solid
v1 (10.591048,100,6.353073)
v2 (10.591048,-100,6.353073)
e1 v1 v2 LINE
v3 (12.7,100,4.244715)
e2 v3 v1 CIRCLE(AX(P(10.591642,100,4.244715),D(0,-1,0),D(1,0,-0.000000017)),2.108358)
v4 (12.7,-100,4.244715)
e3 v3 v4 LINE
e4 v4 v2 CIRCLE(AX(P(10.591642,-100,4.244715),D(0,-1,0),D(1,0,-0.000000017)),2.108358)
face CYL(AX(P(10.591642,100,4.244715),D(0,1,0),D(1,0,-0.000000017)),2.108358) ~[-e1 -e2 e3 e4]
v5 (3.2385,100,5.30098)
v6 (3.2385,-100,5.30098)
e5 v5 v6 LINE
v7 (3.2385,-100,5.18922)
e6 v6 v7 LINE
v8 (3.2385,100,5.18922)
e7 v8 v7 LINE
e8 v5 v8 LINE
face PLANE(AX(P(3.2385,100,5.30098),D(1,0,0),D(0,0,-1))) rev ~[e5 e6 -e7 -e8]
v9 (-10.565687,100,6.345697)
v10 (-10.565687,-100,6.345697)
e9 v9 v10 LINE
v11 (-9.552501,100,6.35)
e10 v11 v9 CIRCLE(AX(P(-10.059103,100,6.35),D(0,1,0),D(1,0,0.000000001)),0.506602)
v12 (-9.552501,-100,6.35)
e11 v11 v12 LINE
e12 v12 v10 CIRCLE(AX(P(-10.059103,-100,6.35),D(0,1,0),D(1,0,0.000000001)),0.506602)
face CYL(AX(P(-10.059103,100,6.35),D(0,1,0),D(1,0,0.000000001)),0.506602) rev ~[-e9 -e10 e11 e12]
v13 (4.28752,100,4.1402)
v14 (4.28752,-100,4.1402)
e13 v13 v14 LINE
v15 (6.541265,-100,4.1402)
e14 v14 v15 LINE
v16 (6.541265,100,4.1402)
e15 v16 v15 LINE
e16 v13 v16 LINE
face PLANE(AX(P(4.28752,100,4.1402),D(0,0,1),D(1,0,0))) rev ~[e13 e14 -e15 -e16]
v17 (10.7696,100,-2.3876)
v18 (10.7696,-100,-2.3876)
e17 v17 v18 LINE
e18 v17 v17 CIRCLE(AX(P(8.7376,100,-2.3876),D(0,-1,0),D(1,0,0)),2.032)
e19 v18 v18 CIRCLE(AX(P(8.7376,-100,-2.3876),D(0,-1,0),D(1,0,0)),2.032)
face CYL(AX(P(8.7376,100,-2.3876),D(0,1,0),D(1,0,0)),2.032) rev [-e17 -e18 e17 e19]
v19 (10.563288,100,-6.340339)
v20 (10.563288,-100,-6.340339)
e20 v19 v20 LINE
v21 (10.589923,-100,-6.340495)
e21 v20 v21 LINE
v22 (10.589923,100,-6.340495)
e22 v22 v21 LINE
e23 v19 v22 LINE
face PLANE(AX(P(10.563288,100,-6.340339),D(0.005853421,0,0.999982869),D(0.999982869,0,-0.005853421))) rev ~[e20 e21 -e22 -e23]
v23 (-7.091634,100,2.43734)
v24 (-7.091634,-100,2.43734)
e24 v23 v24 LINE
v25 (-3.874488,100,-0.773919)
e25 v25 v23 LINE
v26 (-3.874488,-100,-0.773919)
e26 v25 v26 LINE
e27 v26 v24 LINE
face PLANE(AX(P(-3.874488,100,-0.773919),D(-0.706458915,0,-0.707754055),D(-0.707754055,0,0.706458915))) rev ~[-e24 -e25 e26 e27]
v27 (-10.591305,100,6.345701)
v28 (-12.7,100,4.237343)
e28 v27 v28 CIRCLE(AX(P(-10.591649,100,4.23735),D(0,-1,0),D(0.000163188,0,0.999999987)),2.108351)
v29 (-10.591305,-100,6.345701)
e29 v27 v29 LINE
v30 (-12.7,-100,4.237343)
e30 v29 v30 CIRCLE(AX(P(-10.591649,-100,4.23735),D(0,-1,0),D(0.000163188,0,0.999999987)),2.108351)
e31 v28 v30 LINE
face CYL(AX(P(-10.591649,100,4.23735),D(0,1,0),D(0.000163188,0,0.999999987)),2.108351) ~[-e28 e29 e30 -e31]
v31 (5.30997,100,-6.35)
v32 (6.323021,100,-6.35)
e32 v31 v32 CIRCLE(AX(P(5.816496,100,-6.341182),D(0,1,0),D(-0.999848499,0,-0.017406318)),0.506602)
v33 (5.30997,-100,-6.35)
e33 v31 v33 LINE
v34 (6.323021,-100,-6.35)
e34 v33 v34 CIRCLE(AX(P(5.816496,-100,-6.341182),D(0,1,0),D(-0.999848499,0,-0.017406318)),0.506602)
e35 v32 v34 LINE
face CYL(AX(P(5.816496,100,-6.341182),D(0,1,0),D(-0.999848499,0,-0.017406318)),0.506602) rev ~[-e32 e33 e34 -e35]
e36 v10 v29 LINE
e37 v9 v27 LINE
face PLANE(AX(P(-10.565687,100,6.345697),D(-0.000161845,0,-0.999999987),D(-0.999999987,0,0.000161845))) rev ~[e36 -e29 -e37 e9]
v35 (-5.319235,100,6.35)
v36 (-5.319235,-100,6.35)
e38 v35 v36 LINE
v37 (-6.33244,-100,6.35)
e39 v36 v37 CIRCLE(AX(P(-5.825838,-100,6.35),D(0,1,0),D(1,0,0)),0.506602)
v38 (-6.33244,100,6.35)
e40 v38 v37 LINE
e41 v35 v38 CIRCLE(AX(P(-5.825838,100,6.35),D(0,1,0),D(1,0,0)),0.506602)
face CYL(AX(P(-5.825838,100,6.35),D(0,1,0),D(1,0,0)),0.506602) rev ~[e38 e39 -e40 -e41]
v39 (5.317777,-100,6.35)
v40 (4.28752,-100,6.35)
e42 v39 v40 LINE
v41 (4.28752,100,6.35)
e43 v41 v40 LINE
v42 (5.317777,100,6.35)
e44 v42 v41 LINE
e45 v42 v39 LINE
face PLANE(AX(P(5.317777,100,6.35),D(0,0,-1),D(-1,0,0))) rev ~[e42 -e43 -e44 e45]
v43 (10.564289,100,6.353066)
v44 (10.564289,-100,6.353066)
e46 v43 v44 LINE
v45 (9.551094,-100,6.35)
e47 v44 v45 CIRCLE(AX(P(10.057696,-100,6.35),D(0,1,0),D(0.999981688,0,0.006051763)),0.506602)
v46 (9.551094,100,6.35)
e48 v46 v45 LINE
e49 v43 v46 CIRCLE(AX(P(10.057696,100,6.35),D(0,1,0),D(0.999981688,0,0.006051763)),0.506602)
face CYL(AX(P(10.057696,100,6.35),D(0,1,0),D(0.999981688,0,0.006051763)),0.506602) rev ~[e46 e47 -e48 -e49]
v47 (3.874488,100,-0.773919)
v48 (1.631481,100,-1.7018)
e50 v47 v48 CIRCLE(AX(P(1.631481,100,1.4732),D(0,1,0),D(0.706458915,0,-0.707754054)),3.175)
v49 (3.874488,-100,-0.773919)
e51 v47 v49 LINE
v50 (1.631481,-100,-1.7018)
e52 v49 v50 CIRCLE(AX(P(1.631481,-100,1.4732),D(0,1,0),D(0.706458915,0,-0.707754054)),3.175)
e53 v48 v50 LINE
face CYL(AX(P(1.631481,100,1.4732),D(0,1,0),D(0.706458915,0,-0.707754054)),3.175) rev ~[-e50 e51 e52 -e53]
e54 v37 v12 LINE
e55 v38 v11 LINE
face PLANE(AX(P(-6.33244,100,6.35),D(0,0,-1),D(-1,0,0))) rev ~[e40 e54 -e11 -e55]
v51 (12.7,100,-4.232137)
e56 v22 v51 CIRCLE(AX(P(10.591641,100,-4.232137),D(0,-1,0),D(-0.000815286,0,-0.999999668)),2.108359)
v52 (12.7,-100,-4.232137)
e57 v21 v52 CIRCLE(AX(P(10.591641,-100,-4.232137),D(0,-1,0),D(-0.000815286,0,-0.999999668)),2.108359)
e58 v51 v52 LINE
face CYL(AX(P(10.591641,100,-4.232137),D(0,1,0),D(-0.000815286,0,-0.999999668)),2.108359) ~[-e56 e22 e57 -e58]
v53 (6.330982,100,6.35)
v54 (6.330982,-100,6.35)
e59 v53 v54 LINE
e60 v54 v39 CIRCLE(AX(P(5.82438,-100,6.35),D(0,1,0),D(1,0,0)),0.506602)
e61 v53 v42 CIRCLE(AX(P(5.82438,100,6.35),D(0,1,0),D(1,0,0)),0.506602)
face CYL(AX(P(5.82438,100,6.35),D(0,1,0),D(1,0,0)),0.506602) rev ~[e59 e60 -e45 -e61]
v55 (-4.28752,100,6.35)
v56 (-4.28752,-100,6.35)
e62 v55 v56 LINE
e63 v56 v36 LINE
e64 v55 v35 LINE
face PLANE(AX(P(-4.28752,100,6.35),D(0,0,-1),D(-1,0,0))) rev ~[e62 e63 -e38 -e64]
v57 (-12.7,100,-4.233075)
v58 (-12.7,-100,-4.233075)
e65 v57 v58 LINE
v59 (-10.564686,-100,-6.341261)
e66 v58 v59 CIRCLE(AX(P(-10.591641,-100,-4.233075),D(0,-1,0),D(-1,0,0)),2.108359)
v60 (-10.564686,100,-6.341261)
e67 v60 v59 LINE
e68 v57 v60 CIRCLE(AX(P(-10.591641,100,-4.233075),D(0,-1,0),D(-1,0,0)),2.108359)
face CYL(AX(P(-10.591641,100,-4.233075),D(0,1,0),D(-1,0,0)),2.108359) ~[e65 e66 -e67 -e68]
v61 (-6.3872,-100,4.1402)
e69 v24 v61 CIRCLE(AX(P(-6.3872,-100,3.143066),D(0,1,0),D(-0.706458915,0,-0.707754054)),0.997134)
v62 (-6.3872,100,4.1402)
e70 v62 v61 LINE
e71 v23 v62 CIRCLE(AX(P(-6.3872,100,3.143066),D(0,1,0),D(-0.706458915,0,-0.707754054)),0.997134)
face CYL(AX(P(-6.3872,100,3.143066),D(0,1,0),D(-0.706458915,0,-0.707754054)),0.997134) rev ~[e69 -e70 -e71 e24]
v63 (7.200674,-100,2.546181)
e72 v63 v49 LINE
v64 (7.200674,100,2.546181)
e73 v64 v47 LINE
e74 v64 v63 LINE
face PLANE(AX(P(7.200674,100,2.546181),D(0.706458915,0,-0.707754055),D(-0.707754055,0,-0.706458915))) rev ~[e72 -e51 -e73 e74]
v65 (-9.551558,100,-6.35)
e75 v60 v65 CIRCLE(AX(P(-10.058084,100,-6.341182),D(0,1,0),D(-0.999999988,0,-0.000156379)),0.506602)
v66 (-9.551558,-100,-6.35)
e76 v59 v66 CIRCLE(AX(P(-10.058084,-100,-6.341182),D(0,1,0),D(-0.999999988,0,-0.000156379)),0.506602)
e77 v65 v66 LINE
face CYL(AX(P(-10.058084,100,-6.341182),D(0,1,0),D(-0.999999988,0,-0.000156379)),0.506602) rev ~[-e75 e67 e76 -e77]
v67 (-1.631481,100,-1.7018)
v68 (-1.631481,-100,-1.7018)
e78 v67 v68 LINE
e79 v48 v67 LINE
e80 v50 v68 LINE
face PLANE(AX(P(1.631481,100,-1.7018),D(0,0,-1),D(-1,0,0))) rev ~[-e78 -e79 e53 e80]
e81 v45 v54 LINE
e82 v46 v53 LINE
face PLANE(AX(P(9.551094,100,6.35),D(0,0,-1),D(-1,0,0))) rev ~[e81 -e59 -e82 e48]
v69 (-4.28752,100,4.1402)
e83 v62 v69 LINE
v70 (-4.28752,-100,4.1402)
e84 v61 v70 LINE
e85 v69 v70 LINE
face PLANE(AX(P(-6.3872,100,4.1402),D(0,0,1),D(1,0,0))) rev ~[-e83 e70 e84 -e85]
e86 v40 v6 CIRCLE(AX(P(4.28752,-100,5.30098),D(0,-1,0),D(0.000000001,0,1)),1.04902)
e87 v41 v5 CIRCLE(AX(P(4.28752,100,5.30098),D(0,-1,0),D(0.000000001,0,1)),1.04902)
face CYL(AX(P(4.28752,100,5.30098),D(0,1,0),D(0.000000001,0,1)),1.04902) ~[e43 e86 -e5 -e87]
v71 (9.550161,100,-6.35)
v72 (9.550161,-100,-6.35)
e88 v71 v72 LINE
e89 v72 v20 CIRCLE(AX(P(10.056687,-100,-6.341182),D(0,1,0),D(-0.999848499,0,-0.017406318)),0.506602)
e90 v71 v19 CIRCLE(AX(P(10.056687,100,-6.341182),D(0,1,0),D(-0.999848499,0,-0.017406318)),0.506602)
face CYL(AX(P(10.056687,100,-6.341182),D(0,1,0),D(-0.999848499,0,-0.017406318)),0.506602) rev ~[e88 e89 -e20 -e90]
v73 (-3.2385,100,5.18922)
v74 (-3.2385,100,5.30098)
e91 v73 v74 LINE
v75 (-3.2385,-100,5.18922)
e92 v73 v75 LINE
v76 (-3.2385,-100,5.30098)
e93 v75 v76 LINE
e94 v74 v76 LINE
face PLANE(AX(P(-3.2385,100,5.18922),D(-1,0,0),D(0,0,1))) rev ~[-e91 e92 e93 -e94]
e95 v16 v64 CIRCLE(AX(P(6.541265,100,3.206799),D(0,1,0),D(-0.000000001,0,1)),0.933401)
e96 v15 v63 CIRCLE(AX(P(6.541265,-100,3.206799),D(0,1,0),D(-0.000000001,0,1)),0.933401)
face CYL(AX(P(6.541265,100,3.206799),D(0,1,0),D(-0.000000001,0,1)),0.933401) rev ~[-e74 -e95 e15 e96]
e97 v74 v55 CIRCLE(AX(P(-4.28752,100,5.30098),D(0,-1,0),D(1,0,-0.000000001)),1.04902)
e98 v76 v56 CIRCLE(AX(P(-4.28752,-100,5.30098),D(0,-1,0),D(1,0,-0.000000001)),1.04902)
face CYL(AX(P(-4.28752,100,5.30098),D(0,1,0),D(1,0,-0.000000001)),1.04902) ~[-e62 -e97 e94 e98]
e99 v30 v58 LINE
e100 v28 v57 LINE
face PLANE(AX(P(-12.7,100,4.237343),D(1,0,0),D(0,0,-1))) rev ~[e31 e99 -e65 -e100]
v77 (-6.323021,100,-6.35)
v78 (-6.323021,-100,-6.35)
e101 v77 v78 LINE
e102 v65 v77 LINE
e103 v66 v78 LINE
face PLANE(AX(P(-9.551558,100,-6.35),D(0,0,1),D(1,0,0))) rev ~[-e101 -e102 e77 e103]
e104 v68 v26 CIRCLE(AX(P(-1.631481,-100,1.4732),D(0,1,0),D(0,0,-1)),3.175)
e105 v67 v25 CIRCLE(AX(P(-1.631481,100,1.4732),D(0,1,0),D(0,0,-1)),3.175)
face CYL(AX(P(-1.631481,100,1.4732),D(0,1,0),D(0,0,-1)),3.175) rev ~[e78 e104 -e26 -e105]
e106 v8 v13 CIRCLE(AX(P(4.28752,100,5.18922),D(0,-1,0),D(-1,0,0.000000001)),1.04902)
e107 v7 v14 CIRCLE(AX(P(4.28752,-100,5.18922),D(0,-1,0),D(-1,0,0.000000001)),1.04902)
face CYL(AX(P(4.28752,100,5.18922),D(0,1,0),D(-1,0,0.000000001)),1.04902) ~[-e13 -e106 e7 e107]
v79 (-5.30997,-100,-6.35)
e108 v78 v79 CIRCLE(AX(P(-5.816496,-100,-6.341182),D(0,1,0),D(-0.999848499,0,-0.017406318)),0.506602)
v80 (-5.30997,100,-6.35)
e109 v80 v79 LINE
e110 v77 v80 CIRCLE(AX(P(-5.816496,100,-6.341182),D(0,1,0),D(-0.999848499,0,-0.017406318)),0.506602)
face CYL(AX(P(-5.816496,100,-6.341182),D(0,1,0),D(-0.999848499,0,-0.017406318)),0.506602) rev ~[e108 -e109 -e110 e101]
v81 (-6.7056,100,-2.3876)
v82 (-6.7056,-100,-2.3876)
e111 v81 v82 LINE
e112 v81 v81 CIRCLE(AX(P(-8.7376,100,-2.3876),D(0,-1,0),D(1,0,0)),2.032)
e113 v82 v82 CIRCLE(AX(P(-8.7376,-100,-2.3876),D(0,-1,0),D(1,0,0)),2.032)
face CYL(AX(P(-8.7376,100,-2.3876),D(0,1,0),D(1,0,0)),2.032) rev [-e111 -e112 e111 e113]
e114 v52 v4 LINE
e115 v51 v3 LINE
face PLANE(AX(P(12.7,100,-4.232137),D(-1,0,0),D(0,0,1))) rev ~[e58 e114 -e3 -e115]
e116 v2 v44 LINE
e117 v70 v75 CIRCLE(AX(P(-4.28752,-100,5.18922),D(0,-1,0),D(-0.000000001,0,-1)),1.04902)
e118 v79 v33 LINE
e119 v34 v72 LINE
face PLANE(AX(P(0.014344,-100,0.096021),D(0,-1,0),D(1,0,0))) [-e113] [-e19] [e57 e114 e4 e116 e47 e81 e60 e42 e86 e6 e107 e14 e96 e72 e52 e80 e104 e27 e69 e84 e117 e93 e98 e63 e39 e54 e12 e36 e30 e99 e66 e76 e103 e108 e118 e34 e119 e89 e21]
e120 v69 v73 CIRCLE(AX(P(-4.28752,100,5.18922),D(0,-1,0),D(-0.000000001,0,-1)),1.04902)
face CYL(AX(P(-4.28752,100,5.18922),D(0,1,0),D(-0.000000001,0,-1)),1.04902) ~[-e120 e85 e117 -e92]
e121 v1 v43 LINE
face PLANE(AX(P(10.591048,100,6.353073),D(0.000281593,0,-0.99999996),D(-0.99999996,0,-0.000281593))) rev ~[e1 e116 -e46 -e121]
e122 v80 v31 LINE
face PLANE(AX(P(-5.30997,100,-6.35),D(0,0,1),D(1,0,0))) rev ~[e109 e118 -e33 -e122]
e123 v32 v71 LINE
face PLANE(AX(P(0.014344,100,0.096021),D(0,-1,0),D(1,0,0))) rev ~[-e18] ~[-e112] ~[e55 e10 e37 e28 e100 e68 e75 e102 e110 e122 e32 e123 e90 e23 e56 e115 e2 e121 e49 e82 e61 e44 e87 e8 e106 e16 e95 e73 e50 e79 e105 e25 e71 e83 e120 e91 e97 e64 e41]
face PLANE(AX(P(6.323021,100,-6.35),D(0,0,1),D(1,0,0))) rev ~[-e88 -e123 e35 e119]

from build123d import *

# Parameters (mm, degrees)
SKETCH18_R                = 2.032
F_10_1050_PROFILE_1_DEPTH = 200


with BuildPart() as part:
    # Sketch18 → 10 1050 PROFILE(1) (new body)
    with BuildSketch(Plane.XZ.offset(-100)):
        with BuildLine():
            Line((9.551093887, 6.35), (6.330982008, 6.35))
            ThreePointArc((6.330982008, 6.35), (5.824379679, 5.843397671), (5.31777735, 6.35))
            Line((5.31777735, 6.35), (4.28752, 6.35))
            ThreePointArc((4.28752, 6.35), (3.545750844, 6.042749156), (3.2385, 5.30098))
            Line((3.2385, 5.30098), (3.2385, 5.18922))
            ThreePointArc((3.2385, 5.18922), (3.545750844, 4.447450844), (4.28752, 4.1402))
            Line((4.28752, 4.1402), (6.541264932, 4.1402))
            ThreePointArc((6.541264932, 4.1402), (7.403778411, 3.563601238), (7.200674335, 2.54618079))
            Line((7.200674335, 2.54618079), (3.874487735, -0.773919123))
            ThreePointArc((3.874487735, -0.773919123), (2.845157282, -1.460673567), (1.631480681, -1.7018))
            Line((1.631480681, -1.7018), (-1.631480681, -1.7018))
            ThreePointArc((-1.631480681, -1.7018), (-2.845157282, -1.460673567), (-3.874487735, -0.773919123))
            Line((-3.874487735, -0.773919123), (-7.091634343, 2.437340333))
            ThreePointArc((-7.091634343, 2.437340333), (-7.30860647, 3.524230776), (-6.387200124, 4.1402))
            Line((-6.387200124, 4.1402), (-4.28752, 4.1402))
            ThreePointArc((-4.28752, 4.1402), (-3.545750844, 4.447450844), (-3.2385, 5.18922))
            Line((-3.2385, 5.18922), (-3.2385, 5.30098))
            ThreePointArc((-3.2385, 5.30098), (-3.545750844, 6.042749156), (-4.28752, 6.35))
            Line((-4.28752, 6.35), (-5.319235427, 6.35))
            ThreePointArc((-5.319235427, 6.35), (-5.825837756, 5.843397671), (-6.332440085, 6.35))
            Line((-6.332440085, 6.35), (-9.552501021, 6.35))
            ThreePointArc((-9.552501021, 6.35), (-10.056951984, 5.843402239), (-10.565687406, 6.345697309))
            Line((-10.565687406, 6.345697309), (-10.591304516, 6.345701455))
            ThreePointArc((-10.591304516, 6.345701455), (-12.082359481, 5.728298321), (-12.7, 4.237343309))
            Line((-12.7, 4.237343309), (-12.7, -4.233074923))
            ThreePointArc((-12.7, -4.233074923), (-12.072915167, -5.733409532), (-10.564685825, -6.341261141))
            ThreePointArc((-10.564685825, -6.341261141), (-10.053713904, -5.834598435), (-9.551557924, -6.35))
            Line((-9.551557924, -6.35), (-6.323021107, -6.35))
            ThreePointArc((-6.323021107, -6.35), (-5.816495529, -5.83457959), (-5.309969951, -6.35))
            Line((-5.309969951, -6.35), (5.309969951, -6.35))
            ThreePointArc((5.309969951, -6.35), (5.816495529, -5.83457959), (6.323021107, -6.35))
            Line((6.323021107, -6.35), (9.550160942, -6.35))
            ThreePointArc((9.550160942, -6.35), (10.051855758, -5.834602622), (10.563288148, -6.340338775))
            Line((10.563288148, -6.340338775), (10.589922543, -6.34049468))
            ThreePointArc((10.589922543, -6.34049468), (12.081868228, -5.723579066), (12.7, -4.23213684))
            Line((12.7, -4.23213684), (12.7, 4.244714967))
            ThreePointArc((12.7, 4.244714967), (12.082266163, 5.735759476), (10.591047766, 6.353073372))
            Line((10.591047766, 6.353073372), (10.564289268, 6.353065837))
            ThreePointArc((10.564289268, 6.353065837), (10.059229141, 5.84339999), (9.551093887, 6.35))
        make_face()
        with Locations((-8.7376, -2.3876)):
            Circle(SKETCH18_R, mode=Mode.SUBTRACT)
        with Locations((8.7376, -2.3876)):
            Circle(SKETCH18_R, mode=Mode.SUBTRACT)
    extrude(amount=F_10_1050_PROFILE_1_DEPTH)


solid = part.part
